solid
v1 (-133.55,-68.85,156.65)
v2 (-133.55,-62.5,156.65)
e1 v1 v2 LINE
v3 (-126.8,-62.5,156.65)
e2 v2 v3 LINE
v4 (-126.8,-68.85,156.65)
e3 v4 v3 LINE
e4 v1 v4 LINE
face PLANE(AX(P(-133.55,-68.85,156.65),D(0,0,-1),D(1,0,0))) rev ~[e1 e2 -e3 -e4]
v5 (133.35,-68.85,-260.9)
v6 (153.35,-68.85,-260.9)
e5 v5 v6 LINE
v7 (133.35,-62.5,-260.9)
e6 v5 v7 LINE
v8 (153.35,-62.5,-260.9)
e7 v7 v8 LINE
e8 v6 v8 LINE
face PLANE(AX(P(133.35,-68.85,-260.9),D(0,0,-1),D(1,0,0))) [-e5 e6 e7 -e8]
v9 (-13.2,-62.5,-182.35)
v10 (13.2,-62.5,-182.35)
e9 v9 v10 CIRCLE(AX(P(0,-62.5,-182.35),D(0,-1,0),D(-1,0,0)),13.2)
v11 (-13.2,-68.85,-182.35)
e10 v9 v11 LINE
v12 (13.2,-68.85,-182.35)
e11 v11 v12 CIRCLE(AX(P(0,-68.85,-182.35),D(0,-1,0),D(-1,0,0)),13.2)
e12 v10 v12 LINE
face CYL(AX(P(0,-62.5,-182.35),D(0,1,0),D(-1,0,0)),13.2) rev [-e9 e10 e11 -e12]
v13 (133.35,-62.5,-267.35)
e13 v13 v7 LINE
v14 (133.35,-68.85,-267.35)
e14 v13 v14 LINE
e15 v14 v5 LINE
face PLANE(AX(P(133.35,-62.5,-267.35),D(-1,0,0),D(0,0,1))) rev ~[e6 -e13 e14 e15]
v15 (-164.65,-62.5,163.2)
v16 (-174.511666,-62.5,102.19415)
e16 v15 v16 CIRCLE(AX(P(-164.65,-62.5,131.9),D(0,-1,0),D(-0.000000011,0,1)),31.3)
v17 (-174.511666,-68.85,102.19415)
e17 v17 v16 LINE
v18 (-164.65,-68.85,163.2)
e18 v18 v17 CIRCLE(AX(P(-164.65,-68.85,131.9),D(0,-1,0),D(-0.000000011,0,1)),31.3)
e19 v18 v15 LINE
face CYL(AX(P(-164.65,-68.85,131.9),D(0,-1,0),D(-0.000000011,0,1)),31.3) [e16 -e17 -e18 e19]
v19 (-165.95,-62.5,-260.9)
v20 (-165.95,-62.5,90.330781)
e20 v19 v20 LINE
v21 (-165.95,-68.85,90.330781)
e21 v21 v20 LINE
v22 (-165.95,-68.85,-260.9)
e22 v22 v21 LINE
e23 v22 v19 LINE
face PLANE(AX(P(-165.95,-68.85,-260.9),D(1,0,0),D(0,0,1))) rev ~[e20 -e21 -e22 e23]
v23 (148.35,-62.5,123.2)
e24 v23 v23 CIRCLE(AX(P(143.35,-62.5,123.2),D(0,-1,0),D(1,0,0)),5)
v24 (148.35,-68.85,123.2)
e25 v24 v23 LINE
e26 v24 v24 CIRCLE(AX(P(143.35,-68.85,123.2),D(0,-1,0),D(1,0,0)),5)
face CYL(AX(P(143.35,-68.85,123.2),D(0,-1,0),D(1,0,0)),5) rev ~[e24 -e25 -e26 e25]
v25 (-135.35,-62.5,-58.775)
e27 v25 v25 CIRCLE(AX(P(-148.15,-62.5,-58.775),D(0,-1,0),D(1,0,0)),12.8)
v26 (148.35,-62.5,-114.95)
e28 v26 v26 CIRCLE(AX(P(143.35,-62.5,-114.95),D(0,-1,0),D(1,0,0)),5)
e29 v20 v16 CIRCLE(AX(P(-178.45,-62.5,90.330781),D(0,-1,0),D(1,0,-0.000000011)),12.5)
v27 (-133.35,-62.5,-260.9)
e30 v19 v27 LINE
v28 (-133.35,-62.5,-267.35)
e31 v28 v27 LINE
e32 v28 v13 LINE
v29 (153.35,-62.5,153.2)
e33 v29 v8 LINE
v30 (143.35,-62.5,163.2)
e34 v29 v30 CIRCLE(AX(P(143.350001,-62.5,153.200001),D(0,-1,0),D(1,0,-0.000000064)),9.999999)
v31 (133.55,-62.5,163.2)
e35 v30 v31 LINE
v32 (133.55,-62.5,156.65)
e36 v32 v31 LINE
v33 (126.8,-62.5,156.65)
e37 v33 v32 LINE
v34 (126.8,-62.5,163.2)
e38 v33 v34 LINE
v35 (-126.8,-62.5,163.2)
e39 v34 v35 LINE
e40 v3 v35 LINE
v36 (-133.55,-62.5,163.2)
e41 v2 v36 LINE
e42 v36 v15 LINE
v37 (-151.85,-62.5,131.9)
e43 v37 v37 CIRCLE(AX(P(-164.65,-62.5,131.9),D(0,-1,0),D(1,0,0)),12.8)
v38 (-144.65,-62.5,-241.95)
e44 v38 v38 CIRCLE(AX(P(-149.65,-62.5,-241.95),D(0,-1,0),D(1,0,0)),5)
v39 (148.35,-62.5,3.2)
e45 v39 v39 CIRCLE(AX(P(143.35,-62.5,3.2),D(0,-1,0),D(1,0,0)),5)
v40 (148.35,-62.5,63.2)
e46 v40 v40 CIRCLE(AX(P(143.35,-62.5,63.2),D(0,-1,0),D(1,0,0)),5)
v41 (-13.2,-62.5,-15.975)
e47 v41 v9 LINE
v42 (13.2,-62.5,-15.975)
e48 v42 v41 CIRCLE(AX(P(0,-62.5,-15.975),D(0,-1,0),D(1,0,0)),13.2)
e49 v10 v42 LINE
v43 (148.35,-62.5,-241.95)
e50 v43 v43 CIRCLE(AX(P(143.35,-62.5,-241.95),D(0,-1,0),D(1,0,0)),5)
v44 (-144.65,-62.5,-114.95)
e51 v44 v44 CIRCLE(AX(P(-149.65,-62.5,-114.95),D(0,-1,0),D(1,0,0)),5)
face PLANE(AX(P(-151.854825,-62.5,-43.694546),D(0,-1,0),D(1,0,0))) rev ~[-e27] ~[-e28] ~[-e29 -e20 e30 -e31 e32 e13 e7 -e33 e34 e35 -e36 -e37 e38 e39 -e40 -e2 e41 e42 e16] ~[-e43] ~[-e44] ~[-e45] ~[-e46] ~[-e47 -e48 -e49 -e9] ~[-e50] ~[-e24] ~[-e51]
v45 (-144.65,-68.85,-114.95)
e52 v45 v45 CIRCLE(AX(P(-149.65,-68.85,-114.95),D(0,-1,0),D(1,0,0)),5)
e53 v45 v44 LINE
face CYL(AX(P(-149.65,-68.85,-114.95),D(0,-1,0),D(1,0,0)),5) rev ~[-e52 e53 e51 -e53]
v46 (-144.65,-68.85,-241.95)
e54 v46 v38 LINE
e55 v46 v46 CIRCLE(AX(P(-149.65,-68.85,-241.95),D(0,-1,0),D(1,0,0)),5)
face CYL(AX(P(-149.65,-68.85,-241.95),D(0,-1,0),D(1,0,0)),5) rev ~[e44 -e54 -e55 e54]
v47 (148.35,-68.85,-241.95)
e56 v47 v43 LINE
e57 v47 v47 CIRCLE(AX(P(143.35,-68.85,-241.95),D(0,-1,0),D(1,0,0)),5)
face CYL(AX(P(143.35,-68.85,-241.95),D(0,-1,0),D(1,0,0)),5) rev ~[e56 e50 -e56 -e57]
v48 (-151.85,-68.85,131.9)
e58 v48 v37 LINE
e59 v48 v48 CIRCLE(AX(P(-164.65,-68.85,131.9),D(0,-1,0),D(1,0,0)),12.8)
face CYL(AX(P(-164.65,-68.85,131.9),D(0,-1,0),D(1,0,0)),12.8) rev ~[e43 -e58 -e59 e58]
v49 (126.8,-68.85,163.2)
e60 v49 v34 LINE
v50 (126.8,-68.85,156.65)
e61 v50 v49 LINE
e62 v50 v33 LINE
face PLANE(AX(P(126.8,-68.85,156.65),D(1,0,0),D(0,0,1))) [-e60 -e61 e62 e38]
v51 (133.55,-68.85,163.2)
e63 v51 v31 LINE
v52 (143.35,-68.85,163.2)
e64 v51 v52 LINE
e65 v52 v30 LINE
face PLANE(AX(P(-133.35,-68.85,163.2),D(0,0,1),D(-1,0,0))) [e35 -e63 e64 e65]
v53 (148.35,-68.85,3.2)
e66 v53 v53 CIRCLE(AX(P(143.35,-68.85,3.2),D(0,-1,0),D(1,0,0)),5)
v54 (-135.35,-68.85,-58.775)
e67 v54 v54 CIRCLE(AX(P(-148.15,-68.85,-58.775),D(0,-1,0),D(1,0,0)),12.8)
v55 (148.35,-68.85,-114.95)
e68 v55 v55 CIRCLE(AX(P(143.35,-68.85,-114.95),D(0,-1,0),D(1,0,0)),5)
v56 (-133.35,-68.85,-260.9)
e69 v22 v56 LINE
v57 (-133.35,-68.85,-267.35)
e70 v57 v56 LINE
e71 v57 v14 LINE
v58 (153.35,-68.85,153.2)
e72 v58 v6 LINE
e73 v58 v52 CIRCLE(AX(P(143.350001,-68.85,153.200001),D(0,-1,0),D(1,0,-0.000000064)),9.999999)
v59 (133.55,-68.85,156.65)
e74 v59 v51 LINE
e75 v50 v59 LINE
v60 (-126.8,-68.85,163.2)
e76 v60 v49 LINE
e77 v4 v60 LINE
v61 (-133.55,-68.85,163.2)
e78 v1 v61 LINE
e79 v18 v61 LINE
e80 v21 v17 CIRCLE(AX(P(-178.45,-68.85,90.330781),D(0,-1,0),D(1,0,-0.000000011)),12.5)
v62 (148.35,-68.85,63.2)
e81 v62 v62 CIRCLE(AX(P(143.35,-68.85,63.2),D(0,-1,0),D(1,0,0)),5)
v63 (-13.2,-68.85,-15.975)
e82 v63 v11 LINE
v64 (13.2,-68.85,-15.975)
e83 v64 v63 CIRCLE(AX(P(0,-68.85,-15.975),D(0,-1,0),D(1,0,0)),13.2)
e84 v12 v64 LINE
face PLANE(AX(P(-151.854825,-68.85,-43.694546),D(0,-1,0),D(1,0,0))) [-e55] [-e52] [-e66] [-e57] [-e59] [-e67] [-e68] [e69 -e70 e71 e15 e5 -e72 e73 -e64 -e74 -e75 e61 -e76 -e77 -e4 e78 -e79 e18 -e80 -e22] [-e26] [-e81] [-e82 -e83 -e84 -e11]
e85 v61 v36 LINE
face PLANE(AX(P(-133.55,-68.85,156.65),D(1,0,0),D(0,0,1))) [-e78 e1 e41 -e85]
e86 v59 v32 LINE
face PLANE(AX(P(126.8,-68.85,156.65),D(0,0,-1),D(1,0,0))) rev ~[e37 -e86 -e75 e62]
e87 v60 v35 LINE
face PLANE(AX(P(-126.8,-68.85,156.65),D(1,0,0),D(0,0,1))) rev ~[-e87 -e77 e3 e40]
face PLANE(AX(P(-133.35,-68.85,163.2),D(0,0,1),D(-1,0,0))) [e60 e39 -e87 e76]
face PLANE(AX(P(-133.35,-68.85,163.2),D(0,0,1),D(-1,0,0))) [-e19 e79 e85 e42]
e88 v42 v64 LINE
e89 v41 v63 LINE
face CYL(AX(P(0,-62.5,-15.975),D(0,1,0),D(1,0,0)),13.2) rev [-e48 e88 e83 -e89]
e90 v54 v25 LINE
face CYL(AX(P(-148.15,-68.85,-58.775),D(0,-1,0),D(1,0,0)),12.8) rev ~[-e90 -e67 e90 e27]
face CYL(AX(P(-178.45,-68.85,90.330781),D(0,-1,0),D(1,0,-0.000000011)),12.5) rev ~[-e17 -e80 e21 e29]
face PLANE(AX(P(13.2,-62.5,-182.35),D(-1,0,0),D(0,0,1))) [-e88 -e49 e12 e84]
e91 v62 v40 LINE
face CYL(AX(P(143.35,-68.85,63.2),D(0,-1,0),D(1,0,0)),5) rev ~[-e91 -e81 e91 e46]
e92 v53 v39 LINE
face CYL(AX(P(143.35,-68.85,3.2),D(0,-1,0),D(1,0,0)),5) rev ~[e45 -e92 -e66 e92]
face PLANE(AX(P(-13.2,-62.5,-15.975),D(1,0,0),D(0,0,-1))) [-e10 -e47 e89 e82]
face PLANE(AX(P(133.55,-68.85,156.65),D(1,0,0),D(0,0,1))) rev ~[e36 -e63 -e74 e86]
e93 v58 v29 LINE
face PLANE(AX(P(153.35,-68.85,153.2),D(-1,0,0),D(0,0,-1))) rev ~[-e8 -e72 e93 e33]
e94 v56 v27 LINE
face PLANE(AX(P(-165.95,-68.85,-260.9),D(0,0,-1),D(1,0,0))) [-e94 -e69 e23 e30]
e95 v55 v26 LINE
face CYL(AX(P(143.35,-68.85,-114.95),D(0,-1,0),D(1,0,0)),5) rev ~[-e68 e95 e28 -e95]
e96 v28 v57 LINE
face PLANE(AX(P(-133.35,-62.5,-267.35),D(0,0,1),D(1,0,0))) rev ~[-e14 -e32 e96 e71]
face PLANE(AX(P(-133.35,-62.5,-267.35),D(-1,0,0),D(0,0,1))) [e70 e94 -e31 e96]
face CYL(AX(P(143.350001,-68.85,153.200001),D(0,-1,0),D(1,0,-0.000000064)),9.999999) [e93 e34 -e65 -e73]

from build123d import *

# Parameters (mm, degrees)
SKETCH002_W     = 266.7
SKETCH002_H     = 430.55
PAD002_DEPTH    = 6.35
SKETCH020_R     = 12.8
SKETCH020_R_2   = 5
PAD014_DEPTH    = 6.35
SKETCH039_W     = 6.75
SKETCH039_H     = 6.55
POCKET_DEPTH    = 6.35
SKETCH056_R     = 5
POCKET002_DEPTH = 100


with BuildPart() as part:
    # Sketch002 (on Face1 of ShapeBinder002) → Pad002 (new body)
    with BuildSketch(Plane.XZ.offset(62.5)):
        with Locations((0, -52.075)):
            Rectangle(SKETCH002_W, SKETCH002_H)
        with BuildLine():
            ThreePointArc((-13.2, -182.35), (0, -195.55), (13.2, -182.35))
            Line((13.2, -182.35), (13.2, -15.975))
            ThreePointArc((13.2, -15.975), (0, -2.775), (-13.2, -15.975))
            Line((-13.2, -15.975), (-13.2, -182.35))
        make_face(mode=Mode.SUBTRACT)
    extrude(amount=PAD002_DEPTH)

    # Sketch020 (on Face10 of Pad002) → Pad014 (join)
    with BuildSketch(Plane.XZ.offset(68.85)):
        with BuildLine():
            Line((-133.35, 163.2), (-149.65, 163.2))
            Line((-164.65, 163.2), (-149.65, 163.2))
            ThreePointArc((-164.65, 163.2), (-195.548892, 136.894842), (-174.511666, 102.19415))
            ThreePointArc((-165.95, 90.330781), (-168.313946, 97.645862), (-174.511666, 102.19415))
            Line((-165.95, -260.9), (-165.95, 90.330781))
            Line((-165.95, -260.9), (-133.35, -260.9))
            Line((-133.35, 163.2), (-133.35, -260.9))
        make_face()
        with Locations((-148.15, -58.775)):
            Circle(SKETCH020_R, mode=Mode.SUBTRACT)
        with Locations((-149.65, -241.95)):
            Circle(SKETCH020_R_2, mode=Mode.SUBTRACT)
        with Locations((-149.65, -114.95)):
            Circle(SKETCH020_R_2, mode=Mode.SUBTRACT)
        with Locations((-164.65, 131.9)):
            Circle(SKETCH020_R, mode=Mode.SUBTRACT)
        with BuildLine():
            Line((133.35, 163.2), (143.35, 163.2))
            ThreePointArc((153.35, 153.2), (150.421068, 160.271068), (143.35, 163.2))
            Line((153.35, 153.2), (153.35, -260.9))
            Line((133.35, -260.9), (153.35, -260.9))
            Line((133.35, -260.9), (133.35, 163.2))
        make_face()
        with Locations((143.35, -241.95)):
            Circle(SKETCH020_R_2, mode=Mode.SUBTRACT)
        with Locations((143.35, -114.95)):
            Circle(SKETCH020_R_2, mode=Mode.SUBTRACT)
    extrude(amount=-PAD014_DEPTH)

    # Sketch039 (on Face22 of Pad014) → Pocket (cut)
    with BuildSketch(Plane.XZ.offset(68.85)):
        with Locations((-130.175, 159.925)):
            Rectangle(SKETCH039_W, SKETCH039_H)
        with Locations((130.175, 159.925)):
            Rectangle(SKETCH039_W, SKETCH039_H)
    extrude(amount=-POCKET_DEPTH, mode=Mode.SUBTRACT)

    # Sketch056 (on Face4 of Pocket) → Pocket002 (cut)
    with BuildSketch(Plane.XZ.offset(68.85)):
        with Locations((143.35, 123.2)):
            Circle(SKETCH056_R)
        with Locations((143.35, 63.2)):
            Circle(SKETCH056_R)
        with Locations((143.35, 3.2)):
            Circle(SKETCH056_R)
    extrude(amount=-POCKET002_DEPTH, mode=Mode.SUBTRACT)


solid = part.part
